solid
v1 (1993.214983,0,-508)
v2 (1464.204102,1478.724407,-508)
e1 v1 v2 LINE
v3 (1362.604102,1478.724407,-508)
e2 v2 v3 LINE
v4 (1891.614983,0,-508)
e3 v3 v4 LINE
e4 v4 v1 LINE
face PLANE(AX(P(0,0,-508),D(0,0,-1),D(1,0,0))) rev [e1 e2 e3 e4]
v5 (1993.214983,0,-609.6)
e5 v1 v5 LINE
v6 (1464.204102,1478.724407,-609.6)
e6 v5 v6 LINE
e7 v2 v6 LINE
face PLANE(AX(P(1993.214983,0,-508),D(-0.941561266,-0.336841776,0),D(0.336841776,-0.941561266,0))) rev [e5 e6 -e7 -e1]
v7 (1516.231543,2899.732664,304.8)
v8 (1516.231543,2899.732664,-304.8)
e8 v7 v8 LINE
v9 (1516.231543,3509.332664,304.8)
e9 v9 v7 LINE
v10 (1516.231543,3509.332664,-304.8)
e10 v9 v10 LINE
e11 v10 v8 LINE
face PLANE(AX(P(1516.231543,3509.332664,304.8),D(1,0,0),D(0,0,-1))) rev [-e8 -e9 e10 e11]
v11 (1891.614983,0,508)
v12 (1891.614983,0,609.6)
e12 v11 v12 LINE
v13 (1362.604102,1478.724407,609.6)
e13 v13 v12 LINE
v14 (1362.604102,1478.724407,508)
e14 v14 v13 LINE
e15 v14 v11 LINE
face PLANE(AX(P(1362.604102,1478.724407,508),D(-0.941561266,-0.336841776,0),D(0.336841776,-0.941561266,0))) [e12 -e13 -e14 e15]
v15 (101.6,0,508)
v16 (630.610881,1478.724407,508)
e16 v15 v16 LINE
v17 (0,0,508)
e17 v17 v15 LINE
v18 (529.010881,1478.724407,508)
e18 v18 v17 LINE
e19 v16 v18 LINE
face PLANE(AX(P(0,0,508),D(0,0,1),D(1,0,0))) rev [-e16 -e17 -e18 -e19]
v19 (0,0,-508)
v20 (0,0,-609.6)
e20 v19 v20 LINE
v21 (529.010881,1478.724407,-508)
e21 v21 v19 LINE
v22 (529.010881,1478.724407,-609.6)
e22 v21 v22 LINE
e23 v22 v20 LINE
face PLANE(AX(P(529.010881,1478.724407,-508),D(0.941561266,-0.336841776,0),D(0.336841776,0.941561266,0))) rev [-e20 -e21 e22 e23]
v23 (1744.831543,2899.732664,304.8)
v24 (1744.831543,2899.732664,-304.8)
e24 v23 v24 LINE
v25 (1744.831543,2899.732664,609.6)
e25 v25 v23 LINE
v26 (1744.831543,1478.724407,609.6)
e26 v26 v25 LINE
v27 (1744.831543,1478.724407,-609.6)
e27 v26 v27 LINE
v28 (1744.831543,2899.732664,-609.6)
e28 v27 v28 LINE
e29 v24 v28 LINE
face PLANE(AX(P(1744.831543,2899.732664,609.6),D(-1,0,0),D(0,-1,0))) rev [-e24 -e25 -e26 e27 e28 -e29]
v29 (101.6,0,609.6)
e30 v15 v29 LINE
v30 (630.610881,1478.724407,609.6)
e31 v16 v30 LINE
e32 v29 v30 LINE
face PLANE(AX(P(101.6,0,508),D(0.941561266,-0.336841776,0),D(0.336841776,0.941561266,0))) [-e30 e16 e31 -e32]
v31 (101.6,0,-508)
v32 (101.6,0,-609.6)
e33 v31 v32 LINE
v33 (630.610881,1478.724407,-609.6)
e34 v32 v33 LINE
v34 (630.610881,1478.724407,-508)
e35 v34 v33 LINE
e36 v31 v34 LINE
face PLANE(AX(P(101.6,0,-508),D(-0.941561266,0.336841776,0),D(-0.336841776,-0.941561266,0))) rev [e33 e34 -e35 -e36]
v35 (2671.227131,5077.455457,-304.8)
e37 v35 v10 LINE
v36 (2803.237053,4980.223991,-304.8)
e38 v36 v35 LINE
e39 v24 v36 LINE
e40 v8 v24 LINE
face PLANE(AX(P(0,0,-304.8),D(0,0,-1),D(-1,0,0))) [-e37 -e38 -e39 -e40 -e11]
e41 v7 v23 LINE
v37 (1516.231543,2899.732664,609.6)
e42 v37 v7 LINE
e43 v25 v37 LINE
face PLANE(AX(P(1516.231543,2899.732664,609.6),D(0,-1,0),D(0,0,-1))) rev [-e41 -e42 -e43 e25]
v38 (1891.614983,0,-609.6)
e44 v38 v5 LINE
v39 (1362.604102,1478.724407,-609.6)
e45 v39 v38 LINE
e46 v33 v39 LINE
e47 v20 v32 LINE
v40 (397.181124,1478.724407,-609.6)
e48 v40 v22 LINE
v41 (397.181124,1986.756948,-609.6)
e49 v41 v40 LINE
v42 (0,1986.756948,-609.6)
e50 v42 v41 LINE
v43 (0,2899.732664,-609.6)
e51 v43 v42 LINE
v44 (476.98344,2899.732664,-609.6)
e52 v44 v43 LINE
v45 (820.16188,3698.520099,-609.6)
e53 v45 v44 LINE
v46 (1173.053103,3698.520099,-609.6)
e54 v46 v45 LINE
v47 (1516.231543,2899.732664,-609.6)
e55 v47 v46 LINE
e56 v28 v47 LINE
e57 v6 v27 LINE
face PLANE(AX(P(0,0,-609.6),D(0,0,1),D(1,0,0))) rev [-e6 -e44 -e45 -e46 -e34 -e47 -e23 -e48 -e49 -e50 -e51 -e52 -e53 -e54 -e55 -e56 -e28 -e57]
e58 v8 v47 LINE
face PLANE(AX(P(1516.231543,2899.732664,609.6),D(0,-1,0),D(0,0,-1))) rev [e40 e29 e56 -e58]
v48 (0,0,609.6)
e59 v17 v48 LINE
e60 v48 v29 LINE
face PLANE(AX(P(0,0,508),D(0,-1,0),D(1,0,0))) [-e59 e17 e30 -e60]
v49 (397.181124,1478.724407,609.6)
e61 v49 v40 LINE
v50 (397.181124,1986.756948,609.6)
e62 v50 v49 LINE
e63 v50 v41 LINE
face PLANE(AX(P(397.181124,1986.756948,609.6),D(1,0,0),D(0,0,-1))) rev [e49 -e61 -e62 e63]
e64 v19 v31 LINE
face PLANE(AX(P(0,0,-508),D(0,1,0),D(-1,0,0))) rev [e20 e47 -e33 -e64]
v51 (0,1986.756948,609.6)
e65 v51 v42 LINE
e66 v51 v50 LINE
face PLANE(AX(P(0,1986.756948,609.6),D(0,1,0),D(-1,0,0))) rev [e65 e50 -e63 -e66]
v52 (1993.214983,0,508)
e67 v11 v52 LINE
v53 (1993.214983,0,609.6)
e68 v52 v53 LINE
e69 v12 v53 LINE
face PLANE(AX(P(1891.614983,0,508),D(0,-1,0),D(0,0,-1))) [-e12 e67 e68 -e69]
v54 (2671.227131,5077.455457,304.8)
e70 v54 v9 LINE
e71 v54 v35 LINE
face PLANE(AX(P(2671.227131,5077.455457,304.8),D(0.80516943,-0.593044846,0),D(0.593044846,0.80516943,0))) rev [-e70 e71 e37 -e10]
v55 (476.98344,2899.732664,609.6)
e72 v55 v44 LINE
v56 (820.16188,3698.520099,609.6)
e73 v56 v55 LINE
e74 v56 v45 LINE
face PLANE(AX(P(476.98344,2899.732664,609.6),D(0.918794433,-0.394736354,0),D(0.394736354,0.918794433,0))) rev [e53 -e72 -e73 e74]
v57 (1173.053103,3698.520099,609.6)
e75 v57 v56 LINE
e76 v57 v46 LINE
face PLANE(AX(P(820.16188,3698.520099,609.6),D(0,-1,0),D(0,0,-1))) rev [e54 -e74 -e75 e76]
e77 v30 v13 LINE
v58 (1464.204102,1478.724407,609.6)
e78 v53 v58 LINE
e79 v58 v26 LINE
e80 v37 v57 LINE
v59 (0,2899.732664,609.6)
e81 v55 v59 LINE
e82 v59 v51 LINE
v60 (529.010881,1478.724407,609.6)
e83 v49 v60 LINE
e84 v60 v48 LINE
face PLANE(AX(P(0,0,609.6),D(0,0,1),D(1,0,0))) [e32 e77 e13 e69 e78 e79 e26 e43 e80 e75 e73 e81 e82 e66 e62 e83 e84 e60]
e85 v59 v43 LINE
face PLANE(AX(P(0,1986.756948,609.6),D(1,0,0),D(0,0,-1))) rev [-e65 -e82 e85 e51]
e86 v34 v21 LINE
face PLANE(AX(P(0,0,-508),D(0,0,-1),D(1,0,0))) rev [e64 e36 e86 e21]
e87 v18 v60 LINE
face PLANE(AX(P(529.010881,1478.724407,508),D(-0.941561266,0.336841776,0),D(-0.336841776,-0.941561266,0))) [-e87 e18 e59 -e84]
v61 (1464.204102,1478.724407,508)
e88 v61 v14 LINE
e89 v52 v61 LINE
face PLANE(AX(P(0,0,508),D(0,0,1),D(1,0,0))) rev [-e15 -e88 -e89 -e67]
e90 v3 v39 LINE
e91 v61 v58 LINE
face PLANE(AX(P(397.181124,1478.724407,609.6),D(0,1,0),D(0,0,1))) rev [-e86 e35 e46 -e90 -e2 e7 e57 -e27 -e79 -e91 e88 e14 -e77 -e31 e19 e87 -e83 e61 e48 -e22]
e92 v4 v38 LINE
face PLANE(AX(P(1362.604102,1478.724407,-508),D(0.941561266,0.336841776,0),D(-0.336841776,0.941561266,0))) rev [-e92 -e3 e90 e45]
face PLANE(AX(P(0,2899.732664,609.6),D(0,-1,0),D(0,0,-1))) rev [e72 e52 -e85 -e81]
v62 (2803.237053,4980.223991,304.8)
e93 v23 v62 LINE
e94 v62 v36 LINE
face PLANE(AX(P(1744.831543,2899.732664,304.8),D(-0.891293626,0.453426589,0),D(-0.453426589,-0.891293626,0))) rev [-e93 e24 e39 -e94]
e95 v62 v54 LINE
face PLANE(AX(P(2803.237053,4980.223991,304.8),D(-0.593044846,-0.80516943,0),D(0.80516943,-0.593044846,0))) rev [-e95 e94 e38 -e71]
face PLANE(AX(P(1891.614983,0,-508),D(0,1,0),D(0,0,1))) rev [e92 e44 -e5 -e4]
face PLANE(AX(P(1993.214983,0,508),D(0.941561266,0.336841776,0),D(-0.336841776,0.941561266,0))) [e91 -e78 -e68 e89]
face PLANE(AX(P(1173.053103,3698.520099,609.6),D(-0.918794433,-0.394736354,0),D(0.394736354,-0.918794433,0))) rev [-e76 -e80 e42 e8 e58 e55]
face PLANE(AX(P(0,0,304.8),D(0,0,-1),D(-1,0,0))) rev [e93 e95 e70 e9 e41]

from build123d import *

# Parameters (mm, degrees)
BOSS_EXTRUDE1_DEPTH = 609.6
BOSS_EXTRUDE2_DEPTH = 304.8
BOSS_EXTRUDE3_DEPTH = 101.6


with BuildPart() as part:
    # Sketch2 → Boss-Extrude1 (new, symmetric)
    with BuildSketch(Plane.XY):
        Polygon((397.181123676, 1478.724407172), (1744.83154289, 1478.724407172), (1744.83154289, 2899.732664245), (1516.23154289, 2899.732664245), (1173.053103307, 3698.520098923), (820.161879734, 3698.520098923), (476.983440152, 2899.732664245), (0, 2899.732664245), (0, 1986.756947693), (397.181123676, 1986.756947693), align=None)
    extrude(amount=BOSS_EXTRUDE1_DEPTH, both=True)

    # Sketch3 → Boss-Extrude2 (add, symmetric)
    with BuildSketch(Plane.XY):
        Polygon((1516.23154289, 3509.332664245), (1516.23154289, 2899.732664245), (1744.83154289, 2899.732664245), (2803.237053345, 4980.22399095), (2671.227131095, 5077.455456827), align=None)
    extrude(amount=BOSS_EXTRUDE2_DEPTH, both=True)

    # Sketch4 → Boss-Extrude3 (add)
    with BuildSketch(Plane.XY.offset(609.6)):
        Polygon((529.010881251, 1478.724407172), (0, 0), (101.6, 0), (630.610881251, 1478.724407172), align=None)
        Polygon((1464.20410179, 1478.724407172), (1362.60410179, 1478.724407172), (1891.614983041, 0), (1993.214983041, 0), align=None)
    boss_extrude3 = extrude(amount=-BOSS_EXTRUDE3_DEPTH)

    # Mirror1: Boss-Extrude3 across plane
    add(boss_extrude3.mirror(Plane.XY))


solid = part.part
